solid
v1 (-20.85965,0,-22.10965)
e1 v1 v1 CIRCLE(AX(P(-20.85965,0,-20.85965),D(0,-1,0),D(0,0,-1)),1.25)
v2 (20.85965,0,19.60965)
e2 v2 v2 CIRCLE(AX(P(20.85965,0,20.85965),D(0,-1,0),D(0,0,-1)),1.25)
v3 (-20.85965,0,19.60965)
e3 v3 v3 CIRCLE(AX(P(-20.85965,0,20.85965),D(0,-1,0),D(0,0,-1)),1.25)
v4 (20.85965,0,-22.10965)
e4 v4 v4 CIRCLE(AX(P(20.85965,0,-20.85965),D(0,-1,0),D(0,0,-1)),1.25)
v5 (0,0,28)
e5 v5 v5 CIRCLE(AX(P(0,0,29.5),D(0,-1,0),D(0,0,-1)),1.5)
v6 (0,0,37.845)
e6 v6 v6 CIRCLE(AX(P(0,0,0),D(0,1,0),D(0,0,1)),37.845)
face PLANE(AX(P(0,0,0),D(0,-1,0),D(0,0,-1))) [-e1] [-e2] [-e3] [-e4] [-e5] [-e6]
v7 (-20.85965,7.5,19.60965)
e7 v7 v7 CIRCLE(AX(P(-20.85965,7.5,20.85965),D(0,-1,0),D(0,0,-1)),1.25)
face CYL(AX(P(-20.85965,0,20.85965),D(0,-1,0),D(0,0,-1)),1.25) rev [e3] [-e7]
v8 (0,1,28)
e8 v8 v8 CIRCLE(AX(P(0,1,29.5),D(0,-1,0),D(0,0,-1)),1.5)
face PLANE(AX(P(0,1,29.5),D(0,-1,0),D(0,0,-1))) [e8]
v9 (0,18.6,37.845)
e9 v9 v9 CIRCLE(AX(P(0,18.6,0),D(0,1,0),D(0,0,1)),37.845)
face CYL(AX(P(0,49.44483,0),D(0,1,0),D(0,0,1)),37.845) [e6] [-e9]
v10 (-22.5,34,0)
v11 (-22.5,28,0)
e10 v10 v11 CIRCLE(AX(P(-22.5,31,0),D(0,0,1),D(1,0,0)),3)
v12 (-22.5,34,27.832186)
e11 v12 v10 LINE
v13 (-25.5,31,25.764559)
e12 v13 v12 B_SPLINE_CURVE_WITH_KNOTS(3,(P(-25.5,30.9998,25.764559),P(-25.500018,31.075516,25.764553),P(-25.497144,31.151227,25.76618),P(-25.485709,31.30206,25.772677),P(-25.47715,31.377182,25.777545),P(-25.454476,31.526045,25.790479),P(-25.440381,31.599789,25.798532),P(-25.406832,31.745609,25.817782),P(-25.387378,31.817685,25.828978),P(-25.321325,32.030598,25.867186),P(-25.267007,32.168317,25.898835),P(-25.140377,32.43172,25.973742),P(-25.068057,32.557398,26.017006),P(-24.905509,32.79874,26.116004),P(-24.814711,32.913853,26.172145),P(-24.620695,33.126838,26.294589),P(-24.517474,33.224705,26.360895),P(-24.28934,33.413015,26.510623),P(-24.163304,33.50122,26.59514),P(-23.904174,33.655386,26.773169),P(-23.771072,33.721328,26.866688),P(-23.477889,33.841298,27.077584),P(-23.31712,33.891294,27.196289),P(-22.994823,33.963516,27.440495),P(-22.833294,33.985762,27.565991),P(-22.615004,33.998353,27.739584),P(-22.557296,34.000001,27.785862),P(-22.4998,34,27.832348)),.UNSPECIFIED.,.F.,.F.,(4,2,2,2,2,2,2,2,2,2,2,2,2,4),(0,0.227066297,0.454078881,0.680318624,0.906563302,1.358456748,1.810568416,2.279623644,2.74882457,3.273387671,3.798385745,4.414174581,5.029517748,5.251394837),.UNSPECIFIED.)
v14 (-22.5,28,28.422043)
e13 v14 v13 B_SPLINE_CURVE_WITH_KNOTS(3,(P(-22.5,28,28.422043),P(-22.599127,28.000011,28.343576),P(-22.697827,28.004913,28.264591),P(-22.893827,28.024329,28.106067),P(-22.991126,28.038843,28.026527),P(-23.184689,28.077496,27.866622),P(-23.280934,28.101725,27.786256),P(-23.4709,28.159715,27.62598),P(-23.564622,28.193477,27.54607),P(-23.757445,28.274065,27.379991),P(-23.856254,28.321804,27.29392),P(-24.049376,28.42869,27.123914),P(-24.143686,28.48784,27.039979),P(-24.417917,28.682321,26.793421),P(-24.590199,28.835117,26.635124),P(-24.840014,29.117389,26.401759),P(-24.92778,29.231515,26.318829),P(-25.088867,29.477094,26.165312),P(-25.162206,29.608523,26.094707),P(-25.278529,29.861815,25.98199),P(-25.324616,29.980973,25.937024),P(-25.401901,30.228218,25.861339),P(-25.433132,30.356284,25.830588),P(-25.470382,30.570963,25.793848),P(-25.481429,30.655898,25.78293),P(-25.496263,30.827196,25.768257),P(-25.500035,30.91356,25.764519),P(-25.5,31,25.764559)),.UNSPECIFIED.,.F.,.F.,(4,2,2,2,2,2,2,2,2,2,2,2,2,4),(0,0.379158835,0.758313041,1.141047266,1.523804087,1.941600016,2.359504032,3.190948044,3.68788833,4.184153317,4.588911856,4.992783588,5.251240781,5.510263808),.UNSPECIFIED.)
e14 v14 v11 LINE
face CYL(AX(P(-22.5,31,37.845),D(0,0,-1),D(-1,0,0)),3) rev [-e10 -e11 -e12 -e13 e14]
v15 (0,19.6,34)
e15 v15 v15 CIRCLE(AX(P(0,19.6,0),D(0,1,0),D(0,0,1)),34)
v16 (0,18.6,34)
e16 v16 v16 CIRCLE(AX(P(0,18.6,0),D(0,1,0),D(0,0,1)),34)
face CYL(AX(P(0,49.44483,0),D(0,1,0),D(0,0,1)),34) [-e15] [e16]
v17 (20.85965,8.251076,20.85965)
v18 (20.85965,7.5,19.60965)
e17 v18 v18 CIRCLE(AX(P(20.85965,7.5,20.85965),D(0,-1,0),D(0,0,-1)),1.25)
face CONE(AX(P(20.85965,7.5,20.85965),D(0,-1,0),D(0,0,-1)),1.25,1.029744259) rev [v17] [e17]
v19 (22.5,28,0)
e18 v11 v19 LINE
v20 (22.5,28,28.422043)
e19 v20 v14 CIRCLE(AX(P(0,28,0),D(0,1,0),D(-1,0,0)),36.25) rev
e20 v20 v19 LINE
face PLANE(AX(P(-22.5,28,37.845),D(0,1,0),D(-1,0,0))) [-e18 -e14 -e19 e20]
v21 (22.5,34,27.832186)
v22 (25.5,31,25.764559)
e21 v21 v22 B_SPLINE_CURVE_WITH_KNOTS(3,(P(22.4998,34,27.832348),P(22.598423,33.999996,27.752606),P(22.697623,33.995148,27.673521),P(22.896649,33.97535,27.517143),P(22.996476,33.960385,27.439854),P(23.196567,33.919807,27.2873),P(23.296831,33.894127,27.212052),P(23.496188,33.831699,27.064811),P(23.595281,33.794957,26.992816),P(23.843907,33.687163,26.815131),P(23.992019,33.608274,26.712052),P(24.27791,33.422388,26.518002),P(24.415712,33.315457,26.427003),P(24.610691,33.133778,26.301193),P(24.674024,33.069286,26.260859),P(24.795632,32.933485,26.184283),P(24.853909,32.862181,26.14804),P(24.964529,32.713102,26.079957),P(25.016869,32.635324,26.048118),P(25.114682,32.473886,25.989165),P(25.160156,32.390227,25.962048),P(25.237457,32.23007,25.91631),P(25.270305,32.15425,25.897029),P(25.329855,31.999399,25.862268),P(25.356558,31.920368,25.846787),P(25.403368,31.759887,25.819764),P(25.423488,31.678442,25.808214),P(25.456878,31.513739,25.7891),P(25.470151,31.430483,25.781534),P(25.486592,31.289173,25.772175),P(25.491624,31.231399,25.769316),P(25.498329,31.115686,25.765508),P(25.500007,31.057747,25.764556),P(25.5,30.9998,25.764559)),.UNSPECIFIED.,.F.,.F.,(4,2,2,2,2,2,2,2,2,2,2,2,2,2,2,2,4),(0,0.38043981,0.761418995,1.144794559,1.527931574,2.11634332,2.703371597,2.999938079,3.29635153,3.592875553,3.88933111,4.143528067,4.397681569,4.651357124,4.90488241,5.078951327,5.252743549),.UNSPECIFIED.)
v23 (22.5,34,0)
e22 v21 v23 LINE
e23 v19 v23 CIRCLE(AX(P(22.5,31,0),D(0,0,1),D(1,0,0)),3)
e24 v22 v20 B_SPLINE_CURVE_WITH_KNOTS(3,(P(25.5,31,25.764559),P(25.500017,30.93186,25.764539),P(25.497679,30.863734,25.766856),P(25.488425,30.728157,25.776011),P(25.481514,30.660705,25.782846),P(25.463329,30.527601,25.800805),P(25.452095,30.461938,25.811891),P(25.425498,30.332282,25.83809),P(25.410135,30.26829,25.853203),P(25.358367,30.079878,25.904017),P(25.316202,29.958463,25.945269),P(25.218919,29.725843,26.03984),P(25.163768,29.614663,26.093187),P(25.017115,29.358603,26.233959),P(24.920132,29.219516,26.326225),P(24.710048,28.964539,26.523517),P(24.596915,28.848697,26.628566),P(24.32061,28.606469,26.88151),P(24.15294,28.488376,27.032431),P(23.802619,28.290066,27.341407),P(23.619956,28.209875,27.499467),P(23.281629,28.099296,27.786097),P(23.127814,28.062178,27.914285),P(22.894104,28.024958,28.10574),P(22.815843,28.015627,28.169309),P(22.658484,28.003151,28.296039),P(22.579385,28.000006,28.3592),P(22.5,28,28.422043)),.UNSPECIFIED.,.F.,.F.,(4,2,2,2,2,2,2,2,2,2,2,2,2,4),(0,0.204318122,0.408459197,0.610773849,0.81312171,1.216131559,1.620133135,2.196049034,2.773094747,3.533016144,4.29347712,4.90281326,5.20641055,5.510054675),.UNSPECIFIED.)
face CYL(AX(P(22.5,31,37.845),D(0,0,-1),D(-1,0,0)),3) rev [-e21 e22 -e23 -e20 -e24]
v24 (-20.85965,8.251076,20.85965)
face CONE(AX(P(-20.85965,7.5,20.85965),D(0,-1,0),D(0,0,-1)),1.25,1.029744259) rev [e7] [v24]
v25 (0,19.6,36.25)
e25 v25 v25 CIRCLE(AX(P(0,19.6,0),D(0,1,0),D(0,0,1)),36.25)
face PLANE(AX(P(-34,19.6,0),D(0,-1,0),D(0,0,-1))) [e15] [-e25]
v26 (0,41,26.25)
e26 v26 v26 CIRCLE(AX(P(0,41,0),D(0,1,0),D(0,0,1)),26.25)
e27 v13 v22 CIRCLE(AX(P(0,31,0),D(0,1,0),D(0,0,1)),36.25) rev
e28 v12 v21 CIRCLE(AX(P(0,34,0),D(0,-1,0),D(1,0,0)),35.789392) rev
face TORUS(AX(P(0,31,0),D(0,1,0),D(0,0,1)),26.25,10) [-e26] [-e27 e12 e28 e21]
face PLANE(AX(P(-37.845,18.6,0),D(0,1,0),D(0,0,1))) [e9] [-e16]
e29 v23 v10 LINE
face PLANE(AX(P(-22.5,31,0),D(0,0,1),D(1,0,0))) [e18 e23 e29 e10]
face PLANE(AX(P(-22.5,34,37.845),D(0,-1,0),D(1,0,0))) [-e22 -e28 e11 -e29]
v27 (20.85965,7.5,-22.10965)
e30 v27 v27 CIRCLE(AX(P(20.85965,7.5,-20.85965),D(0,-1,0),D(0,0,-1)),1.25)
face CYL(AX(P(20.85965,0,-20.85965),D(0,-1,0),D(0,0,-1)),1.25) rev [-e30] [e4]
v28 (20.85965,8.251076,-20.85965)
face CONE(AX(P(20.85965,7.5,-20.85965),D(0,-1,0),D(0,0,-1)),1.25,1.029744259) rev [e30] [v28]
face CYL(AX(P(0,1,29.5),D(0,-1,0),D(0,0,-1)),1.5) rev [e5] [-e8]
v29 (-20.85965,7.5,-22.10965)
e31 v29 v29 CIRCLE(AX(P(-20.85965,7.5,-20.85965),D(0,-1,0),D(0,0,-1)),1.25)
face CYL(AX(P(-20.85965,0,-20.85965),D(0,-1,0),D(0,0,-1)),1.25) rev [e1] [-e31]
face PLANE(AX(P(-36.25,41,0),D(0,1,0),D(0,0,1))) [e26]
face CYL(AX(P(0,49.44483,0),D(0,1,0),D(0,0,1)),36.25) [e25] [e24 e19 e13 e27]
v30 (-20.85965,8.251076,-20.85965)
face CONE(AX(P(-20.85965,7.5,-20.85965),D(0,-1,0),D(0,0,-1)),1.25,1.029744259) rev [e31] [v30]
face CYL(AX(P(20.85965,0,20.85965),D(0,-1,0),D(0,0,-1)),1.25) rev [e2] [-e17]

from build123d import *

# Parameters (mm, degrees)
SKETCH_2_R               = 1.5
CUT_EXTRUDE_1_DEPTH      = 1
PATTERN_CIRCULAR_1_COUNT = 4
FILLET_1_R               = 10
CUT_EXTRUDE_2_DEPTH      = 68.420234722


with BuildPart() as part:
    # 草图1 → 旋转1 (revolve)
    with BuildSketch(Plane.XY, mode=Mode.PRIVATE) as revolve_1_sk:
        Polygon((0, 0), (-37.845, 0), (-37.845, 18.6), (-34, 18.6), (-34, 19.6), (-36.25, 19.6), (-36.25, 41), (0, 41), align=None)
    revolve(revolve_1_sk.sketch.rotate(Axis((0, 49.444830204, 0), (0, -1, 0)), 270), axis=Axis((0, 49.444830204, 0), (0, -1, 0)))

    # 草图2 → 切除-拉伸1 (cut)
    with BuildSketch(Plane.XZ):
        with Locations(Location((0, 29.5, 0), (0, 0, 270))):
            Circle(SKETCH_2_R)
    extrude(amount=-CUT_EXTRUDE_1_DEPTH, mode=Mode.SUBTRACT)

    # 草图4 → g (revolve, cut)
    with BuildSketch(Plane(origin=(-20.859650045, 0, 20.859650045), x_dir=(0, 0, -1), z_dir=(1, 0, 0))):
        Polygon((0, 0), (0, 8.251075774), (1.25, 7.5), (1.25, 0), align=None)
    hole_wizard_g = revolve(axis=Axis((-20.859650045, -6.35, 20.859650045), (0, 1, 0)), mode=Mode.SUBTRACT)

    # 阵列(圆周)1: g ×4 about axis
    pattern_circular_1_axis = Axis((0, 0, 0), (0, 1, 0))
    for i in range(1, PATTERN_CIRCULAR_1_COUNT):
        add(hole_wizard_g.rotate(pattern_circular_1_axis, i * 360 / PATTERN_CIRCULAR_1_COUNT), mode=Mode.SUBTRACT)

    # 圆角1
    fillet_1_edges = [part.edges().sort_by_distance(p)[0] for p in [
        (0, 41, -36.25),
    ]]
    fillet(fillet_1_edges, radius=FILLET_1_R)

    # 草图5 → 切除-拉伸2 (cut, through all)
    with BuildSketch(Plane.XY):
        with BuildLine():
            Line((-22.5, 34), (22.5, 34))
            ThreePointArc((22.5, 34), (25.5, 31), (22.5, 28))
            Line((22.5, 28), (-22.5, 28))
            ThreePointArc((-22.5, 28), (-25.5, 31), (-22.5, 34))
        make_face()
    extrude(amount=CUT_EXTRUDE_2_DEPTH, mode=Mode.SUBTRACT)


solid = part.part
